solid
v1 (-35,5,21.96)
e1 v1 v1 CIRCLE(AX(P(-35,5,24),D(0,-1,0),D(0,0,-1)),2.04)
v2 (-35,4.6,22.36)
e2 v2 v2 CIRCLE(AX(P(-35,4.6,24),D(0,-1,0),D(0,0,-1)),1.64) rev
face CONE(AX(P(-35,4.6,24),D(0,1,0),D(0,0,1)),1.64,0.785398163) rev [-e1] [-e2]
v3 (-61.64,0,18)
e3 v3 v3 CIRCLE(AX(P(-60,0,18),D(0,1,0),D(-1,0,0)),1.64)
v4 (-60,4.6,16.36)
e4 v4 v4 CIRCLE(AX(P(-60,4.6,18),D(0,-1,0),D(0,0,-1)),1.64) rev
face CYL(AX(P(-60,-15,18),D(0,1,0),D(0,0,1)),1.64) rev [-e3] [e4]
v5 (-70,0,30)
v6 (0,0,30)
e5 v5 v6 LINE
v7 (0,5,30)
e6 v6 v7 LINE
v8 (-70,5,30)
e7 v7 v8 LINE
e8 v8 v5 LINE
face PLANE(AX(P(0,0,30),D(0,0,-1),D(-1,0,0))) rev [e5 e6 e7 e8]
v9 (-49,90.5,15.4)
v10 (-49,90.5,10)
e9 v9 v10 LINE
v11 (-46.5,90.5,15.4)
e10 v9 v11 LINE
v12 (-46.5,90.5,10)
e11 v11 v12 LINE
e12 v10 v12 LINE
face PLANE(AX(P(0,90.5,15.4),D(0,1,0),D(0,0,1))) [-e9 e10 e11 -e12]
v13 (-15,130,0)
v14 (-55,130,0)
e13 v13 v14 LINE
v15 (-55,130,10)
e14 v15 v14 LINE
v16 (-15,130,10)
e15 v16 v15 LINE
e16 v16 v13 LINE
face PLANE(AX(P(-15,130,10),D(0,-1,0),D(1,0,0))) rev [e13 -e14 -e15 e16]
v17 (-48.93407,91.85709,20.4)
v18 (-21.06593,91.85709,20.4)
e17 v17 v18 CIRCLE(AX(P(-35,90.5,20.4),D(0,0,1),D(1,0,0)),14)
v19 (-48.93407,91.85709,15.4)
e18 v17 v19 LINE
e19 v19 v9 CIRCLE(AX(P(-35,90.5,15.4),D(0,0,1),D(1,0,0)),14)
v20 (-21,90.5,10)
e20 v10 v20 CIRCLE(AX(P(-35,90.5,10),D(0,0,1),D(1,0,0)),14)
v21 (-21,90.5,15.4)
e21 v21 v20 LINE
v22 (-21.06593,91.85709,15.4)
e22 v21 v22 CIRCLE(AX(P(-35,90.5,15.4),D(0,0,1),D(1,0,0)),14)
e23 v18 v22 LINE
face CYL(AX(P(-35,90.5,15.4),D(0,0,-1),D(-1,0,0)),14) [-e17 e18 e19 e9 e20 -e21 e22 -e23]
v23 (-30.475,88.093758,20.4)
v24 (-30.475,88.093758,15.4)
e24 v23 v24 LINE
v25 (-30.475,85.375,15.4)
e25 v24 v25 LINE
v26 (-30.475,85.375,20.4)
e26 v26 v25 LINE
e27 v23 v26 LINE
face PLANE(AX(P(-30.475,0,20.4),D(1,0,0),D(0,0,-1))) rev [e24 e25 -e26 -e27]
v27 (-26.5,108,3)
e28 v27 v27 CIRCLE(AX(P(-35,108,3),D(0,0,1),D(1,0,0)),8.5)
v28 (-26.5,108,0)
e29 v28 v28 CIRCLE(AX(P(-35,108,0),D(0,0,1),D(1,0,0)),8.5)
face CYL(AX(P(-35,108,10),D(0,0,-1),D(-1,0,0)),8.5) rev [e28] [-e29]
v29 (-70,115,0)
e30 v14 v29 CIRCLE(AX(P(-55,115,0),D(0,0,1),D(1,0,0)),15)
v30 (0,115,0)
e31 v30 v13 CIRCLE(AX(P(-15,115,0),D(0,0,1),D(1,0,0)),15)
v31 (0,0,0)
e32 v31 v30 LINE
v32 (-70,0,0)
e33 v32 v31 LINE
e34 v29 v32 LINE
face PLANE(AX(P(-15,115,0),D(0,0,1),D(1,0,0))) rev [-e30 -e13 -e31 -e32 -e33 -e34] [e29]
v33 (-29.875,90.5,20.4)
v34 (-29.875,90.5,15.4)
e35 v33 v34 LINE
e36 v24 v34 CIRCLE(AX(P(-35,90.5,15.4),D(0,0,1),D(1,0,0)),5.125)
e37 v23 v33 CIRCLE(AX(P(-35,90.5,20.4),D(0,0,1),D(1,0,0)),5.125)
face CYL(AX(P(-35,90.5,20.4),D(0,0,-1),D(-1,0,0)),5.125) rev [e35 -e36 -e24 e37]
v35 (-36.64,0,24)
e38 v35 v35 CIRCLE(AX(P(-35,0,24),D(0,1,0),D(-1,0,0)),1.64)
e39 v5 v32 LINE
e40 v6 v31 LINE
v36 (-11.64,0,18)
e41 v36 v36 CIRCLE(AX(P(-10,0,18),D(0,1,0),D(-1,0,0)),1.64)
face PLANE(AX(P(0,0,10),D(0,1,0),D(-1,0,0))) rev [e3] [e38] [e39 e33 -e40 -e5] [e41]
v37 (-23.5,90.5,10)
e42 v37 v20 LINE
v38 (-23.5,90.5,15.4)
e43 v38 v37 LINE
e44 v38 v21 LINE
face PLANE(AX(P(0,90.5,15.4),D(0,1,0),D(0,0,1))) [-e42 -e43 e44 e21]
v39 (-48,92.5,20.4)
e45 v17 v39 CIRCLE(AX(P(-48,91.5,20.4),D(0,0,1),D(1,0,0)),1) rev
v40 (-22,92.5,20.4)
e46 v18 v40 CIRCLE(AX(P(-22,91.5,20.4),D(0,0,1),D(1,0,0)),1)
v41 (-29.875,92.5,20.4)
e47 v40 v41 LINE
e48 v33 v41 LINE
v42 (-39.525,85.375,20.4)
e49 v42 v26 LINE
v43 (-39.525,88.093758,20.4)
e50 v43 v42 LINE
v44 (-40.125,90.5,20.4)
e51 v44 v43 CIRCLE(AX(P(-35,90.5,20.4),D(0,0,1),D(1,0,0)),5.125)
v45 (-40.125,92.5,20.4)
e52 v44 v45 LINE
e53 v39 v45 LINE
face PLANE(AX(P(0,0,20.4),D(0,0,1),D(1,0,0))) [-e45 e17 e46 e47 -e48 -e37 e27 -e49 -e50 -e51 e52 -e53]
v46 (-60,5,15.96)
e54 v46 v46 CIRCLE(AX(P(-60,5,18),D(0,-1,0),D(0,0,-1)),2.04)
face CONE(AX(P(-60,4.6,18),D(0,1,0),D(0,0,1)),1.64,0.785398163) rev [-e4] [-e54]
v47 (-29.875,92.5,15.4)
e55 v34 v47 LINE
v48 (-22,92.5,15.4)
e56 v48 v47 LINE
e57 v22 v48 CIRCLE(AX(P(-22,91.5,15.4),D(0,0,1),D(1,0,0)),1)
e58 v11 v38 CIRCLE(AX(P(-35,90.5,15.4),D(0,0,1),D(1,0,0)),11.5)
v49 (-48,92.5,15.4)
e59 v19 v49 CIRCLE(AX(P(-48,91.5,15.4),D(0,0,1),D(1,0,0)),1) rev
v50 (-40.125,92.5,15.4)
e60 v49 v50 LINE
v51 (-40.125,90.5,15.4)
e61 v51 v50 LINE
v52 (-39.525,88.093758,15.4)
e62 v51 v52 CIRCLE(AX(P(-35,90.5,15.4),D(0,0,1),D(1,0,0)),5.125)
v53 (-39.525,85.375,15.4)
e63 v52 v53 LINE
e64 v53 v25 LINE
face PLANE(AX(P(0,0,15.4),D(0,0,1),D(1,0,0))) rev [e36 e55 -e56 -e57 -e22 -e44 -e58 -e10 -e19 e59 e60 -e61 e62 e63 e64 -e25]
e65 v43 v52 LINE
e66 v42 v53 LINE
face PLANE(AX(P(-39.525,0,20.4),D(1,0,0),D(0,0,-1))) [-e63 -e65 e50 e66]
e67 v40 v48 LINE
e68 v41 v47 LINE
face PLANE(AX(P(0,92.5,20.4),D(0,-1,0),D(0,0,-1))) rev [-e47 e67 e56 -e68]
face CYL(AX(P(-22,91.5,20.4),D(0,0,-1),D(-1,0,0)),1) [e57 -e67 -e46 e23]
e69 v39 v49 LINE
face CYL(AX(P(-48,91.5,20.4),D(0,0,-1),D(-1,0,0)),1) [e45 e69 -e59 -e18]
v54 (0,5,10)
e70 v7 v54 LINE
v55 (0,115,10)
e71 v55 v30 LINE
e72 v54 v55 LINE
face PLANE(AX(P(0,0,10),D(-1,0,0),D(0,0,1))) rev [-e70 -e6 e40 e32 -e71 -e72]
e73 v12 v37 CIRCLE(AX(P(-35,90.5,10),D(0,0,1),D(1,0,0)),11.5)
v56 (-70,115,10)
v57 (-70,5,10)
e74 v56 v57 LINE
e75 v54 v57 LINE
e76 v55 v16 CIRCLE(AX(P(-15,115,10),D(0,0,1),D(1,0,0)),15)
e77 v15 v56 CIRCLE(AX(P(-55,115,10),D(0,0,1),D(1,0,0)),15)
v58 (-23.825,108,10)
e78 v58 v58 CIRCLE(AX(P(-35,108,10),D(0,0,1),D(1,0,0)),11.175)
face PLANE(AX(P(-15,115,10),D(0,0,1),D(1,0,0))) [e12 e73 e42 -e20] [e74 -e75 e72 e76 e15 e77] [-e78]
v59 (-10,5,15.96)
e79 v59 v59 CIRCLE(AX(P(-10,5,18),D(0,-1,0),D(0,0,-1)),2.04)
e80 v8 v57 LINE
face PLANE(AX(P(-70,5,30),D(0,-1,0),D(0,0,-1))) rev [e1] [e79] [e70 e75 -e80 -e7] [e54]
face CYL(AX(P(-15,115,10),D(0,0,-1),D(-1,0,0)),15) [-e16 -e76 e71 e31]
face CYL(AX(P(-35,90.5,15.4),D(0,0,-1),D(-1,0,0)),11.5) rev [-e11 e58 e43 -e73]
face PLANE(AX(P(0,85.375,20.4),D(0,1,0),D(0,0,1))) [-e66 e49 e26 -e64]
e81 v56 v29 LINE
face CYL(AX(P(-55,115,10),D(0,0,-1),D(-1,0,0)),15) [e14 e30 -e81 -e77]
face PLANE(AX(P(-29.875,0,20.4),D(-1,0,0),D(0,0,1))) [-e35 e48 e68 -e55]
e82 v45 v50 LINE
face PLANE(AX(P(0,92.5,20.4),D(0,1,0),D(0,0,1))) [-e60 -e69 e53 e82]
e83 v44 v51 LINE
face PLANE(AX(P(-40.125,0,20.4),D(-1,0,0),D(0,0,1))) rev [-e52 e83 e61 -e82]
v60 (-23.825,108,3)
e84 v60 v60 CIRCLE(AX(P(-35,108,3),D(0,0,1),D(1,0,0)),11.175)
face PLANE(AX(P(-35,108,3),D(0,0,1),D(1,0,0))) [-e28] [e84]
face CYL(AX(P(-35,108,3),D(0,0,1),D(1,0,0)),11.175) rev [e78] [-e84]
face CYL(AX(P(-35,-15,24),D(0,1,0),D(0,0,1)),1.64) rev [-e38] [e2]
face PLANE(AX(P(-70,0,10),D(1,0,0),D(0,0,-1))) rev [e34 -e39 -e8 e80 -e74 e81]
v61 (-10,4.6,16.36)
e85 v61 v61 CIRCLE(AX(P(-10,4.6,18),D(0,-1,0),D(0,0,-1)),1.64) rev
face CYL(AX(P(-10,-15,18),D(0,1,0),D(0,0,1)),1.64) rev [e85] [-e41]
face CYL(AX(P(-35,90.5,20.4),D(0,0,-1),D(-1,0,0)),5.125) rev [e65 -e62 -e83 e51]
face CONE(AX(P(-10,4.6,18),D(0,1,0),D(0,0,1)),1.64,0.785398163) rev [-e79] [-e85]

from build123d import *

# Parameters (mm, degrees)
SKETCH2_R           = 8.5
BOSS_EXTRUDE1_DEPTH = 10
SKETCH3_R           = 11.175
CUT_EXTRUDE1_DEPTH  = 7
SKETCH4_W           = 70
SKETCH4_H           = 5
BOSS_EXTRUDE3_DEPTH = 20
SKETCH5_R           = 1.64
CUT_EXTRUDE2_DEPTH  = 20
CHAMFER1_SIZE       = 0.4
CHAMFER3_SIZE       = 0.4
BOSS_EXTRUDE4_DEPTH = 5.4
BOSS_EXTRUDE5_DEPTH = 5


with BuildPart() as part:
    # Sketch2 → Boss-Extrude1 (new body)
    with BuildSketch(Plane.XY):
        with BuildLine():
            Line((0, 0), (-70, 0))
            Line((-70, 0), (-70, 115))
            ThreePointArc((-70, 115), (-65.606601718, 125.606601718), (-55, 130))
            Line((-55, 130), (-15, 130))
            ThreePointArc((-15, 130), (-4.393398282, 125.606601718), (0, 115))
            Line((0, 115), (0, 0))
        make_face()
        with Locations((-35, 108)):
            Circle(SKETCH2_R, mode=Mode.SUBTRACT)
    extrude(amount=BOSS_EXTRUDE1_DEPTH)

    # Sketch3 → Cut-Extrude1 (cut)
    with BuildSketch(Plane.XY.offset(10)):
        with Locations((-35, 108)):
            Circle(SKETCH3_R)
    extrude(amount=-CUT_EXTRUDE1_DEPTH, mode=Mode.SUBTRACT)

    # Sketch4 → Boss-Extrude3 (add)
    with BuildSketch(Plane.XY.offset(10)):
        with Locations((-35, 2.5)):
            Rectangle(SKETCH4_W, SKETCH4_H)
    extrude(amount=BOSS_EXTRUDE3_DEPTH)

    # Sketch5 → Cut-Extrude2 (cut)
    with BuildSketch(Plane(origin=(0, 5, 0), x_dir=(1, 0, 0), z_dir=(0, 1, 0))):
        with Locations(Location((-60, -18, 0), (0, 0, 270))):
            Circle(SKETCH5_R)
        with Locations(Location((-35, -24, 0), (0, 0, 270))):
            Circle(SKETCH5_R)
        with Locations(Location((-10, -18, 0), (0, 0, 270))):
            Circle(SKETCH5_R)
    extrude(amount=-CUT_EXTRUDE2_DEPTH, mode=Mode.SUBTRACT)

    # Chamfer1
    chamfer1_edges = [part.edges().sort_by_distance(p)[0] for p in [
        (-35, 5, 22.36),
    ]]
    chamfer(chamfer1_edges, length=CHAMFER1_SIZE)

    # Chamfer3
    chamfer3_edges = [part.edges().sort_by_distance(p)[0] for p in [
        (-60, 5, 16.36),
        (-10, 5, 16.36),
    ]]
    chamfer(chamfer3_edges, length=CHAMFER3_SIZE)

    # Sketch6 → Boss-Extrude4 (add)
    with BuildSketch(Plane.XY.offset(10)):
        with BuildLine():
            Line((-21, 90.5), (-23.5, 90.5))
            ThreePointArc((-23.5, 90.5), (-35, 79), (-46.5, 90.5))
            Line((-46.5, 90.5), (-49, 90.5))
            ThreePointArc((-49, 90.5), (-35, 76.5), (-21, 90.5))
        make_face()
    extrude(amount=BOSS_EXTRUDE4_DEPTH)

    # Sketch7 → Boss-Extrude5 (add)
    with BuildSketch(Plane.XY.offset(15.4)):
        with BuildLine():
            ThreePointArc((-23.5, 90.5), (-35, 79), (-46.5, 90.5))
            Line((-46.5, 90.5), (-49, 90.5))
            ThreePointArc((-49, 90.5), (-35, 76.5), (-21, 90.5))
            Line((-21, 90.5), (-23.5, 90.5))
        make_face()
        with BuildLine():
            Line((-40.125, 90.5), (-46.5, 90.5))
            ThreePointArc((-46.5, 90.5), (-35, 79), (-23.5, 90.5))
            Line((-23.5, 90.5), (-29.875, 90.5))
            ThreePointArc((-29.875, 90.5), (-30.027261821, 89.260040323), (-30.475, 88.093758117))
            Line((-30.475, 88.093758117), (-30.475, 85.375))
            Line((-30.475, 85.375), (-35, 85.375))
            Line((-35, 85.375), (-39.525, 85.375))
            Line((-39.525, 85.375), (-39.525, 88.093758117))
            ThreePointArc((-39.525, 88.093758117), (-39.972738179, 89.260040323), (-40.125, 90.5))
        make_face()
        with BuildLine():
            ThreePointArc((-48.934070004, 91.857089942), (-48.983507787, 91.17934525), (-49, 90.5))
            Line((-49, 90.5), (-46.5, 90.5))
            Line((-46.5, 90.5), (-40.125, 90.5))
            Line((-40.125, 90.5), (-40.125, 92.5))
            Line((-40.125, 92.5), (-48, 92.5))
            ThreePointArc((-48, 92.5), (-48.566970042, 92.323738412), (-48.934070004, 91.857089942))
        make_face()
        with BuildLine():
            Line((-23.5, 90.5), (-21, 90.5))
            ThreePointArc((-21, 90.5), (-21.016492213, 91.17934525), (-21.065929996, 91.857089942))
            ThreePointArc((-21.065929996, 91.857089942), (-21.433029958, 92.323738412), (-22, 92.5))
            Line((-22, 92.5), (-29.875, 92.5))
            Line((-29.875, 92.5), (-29.875, 90.5))
            Line((-29.875, 90.5), (-23.5, 90.5))
        make_face()
    extrude(amount=BOSS_EXTRUDE5_DEPTH)


solid = part.part
